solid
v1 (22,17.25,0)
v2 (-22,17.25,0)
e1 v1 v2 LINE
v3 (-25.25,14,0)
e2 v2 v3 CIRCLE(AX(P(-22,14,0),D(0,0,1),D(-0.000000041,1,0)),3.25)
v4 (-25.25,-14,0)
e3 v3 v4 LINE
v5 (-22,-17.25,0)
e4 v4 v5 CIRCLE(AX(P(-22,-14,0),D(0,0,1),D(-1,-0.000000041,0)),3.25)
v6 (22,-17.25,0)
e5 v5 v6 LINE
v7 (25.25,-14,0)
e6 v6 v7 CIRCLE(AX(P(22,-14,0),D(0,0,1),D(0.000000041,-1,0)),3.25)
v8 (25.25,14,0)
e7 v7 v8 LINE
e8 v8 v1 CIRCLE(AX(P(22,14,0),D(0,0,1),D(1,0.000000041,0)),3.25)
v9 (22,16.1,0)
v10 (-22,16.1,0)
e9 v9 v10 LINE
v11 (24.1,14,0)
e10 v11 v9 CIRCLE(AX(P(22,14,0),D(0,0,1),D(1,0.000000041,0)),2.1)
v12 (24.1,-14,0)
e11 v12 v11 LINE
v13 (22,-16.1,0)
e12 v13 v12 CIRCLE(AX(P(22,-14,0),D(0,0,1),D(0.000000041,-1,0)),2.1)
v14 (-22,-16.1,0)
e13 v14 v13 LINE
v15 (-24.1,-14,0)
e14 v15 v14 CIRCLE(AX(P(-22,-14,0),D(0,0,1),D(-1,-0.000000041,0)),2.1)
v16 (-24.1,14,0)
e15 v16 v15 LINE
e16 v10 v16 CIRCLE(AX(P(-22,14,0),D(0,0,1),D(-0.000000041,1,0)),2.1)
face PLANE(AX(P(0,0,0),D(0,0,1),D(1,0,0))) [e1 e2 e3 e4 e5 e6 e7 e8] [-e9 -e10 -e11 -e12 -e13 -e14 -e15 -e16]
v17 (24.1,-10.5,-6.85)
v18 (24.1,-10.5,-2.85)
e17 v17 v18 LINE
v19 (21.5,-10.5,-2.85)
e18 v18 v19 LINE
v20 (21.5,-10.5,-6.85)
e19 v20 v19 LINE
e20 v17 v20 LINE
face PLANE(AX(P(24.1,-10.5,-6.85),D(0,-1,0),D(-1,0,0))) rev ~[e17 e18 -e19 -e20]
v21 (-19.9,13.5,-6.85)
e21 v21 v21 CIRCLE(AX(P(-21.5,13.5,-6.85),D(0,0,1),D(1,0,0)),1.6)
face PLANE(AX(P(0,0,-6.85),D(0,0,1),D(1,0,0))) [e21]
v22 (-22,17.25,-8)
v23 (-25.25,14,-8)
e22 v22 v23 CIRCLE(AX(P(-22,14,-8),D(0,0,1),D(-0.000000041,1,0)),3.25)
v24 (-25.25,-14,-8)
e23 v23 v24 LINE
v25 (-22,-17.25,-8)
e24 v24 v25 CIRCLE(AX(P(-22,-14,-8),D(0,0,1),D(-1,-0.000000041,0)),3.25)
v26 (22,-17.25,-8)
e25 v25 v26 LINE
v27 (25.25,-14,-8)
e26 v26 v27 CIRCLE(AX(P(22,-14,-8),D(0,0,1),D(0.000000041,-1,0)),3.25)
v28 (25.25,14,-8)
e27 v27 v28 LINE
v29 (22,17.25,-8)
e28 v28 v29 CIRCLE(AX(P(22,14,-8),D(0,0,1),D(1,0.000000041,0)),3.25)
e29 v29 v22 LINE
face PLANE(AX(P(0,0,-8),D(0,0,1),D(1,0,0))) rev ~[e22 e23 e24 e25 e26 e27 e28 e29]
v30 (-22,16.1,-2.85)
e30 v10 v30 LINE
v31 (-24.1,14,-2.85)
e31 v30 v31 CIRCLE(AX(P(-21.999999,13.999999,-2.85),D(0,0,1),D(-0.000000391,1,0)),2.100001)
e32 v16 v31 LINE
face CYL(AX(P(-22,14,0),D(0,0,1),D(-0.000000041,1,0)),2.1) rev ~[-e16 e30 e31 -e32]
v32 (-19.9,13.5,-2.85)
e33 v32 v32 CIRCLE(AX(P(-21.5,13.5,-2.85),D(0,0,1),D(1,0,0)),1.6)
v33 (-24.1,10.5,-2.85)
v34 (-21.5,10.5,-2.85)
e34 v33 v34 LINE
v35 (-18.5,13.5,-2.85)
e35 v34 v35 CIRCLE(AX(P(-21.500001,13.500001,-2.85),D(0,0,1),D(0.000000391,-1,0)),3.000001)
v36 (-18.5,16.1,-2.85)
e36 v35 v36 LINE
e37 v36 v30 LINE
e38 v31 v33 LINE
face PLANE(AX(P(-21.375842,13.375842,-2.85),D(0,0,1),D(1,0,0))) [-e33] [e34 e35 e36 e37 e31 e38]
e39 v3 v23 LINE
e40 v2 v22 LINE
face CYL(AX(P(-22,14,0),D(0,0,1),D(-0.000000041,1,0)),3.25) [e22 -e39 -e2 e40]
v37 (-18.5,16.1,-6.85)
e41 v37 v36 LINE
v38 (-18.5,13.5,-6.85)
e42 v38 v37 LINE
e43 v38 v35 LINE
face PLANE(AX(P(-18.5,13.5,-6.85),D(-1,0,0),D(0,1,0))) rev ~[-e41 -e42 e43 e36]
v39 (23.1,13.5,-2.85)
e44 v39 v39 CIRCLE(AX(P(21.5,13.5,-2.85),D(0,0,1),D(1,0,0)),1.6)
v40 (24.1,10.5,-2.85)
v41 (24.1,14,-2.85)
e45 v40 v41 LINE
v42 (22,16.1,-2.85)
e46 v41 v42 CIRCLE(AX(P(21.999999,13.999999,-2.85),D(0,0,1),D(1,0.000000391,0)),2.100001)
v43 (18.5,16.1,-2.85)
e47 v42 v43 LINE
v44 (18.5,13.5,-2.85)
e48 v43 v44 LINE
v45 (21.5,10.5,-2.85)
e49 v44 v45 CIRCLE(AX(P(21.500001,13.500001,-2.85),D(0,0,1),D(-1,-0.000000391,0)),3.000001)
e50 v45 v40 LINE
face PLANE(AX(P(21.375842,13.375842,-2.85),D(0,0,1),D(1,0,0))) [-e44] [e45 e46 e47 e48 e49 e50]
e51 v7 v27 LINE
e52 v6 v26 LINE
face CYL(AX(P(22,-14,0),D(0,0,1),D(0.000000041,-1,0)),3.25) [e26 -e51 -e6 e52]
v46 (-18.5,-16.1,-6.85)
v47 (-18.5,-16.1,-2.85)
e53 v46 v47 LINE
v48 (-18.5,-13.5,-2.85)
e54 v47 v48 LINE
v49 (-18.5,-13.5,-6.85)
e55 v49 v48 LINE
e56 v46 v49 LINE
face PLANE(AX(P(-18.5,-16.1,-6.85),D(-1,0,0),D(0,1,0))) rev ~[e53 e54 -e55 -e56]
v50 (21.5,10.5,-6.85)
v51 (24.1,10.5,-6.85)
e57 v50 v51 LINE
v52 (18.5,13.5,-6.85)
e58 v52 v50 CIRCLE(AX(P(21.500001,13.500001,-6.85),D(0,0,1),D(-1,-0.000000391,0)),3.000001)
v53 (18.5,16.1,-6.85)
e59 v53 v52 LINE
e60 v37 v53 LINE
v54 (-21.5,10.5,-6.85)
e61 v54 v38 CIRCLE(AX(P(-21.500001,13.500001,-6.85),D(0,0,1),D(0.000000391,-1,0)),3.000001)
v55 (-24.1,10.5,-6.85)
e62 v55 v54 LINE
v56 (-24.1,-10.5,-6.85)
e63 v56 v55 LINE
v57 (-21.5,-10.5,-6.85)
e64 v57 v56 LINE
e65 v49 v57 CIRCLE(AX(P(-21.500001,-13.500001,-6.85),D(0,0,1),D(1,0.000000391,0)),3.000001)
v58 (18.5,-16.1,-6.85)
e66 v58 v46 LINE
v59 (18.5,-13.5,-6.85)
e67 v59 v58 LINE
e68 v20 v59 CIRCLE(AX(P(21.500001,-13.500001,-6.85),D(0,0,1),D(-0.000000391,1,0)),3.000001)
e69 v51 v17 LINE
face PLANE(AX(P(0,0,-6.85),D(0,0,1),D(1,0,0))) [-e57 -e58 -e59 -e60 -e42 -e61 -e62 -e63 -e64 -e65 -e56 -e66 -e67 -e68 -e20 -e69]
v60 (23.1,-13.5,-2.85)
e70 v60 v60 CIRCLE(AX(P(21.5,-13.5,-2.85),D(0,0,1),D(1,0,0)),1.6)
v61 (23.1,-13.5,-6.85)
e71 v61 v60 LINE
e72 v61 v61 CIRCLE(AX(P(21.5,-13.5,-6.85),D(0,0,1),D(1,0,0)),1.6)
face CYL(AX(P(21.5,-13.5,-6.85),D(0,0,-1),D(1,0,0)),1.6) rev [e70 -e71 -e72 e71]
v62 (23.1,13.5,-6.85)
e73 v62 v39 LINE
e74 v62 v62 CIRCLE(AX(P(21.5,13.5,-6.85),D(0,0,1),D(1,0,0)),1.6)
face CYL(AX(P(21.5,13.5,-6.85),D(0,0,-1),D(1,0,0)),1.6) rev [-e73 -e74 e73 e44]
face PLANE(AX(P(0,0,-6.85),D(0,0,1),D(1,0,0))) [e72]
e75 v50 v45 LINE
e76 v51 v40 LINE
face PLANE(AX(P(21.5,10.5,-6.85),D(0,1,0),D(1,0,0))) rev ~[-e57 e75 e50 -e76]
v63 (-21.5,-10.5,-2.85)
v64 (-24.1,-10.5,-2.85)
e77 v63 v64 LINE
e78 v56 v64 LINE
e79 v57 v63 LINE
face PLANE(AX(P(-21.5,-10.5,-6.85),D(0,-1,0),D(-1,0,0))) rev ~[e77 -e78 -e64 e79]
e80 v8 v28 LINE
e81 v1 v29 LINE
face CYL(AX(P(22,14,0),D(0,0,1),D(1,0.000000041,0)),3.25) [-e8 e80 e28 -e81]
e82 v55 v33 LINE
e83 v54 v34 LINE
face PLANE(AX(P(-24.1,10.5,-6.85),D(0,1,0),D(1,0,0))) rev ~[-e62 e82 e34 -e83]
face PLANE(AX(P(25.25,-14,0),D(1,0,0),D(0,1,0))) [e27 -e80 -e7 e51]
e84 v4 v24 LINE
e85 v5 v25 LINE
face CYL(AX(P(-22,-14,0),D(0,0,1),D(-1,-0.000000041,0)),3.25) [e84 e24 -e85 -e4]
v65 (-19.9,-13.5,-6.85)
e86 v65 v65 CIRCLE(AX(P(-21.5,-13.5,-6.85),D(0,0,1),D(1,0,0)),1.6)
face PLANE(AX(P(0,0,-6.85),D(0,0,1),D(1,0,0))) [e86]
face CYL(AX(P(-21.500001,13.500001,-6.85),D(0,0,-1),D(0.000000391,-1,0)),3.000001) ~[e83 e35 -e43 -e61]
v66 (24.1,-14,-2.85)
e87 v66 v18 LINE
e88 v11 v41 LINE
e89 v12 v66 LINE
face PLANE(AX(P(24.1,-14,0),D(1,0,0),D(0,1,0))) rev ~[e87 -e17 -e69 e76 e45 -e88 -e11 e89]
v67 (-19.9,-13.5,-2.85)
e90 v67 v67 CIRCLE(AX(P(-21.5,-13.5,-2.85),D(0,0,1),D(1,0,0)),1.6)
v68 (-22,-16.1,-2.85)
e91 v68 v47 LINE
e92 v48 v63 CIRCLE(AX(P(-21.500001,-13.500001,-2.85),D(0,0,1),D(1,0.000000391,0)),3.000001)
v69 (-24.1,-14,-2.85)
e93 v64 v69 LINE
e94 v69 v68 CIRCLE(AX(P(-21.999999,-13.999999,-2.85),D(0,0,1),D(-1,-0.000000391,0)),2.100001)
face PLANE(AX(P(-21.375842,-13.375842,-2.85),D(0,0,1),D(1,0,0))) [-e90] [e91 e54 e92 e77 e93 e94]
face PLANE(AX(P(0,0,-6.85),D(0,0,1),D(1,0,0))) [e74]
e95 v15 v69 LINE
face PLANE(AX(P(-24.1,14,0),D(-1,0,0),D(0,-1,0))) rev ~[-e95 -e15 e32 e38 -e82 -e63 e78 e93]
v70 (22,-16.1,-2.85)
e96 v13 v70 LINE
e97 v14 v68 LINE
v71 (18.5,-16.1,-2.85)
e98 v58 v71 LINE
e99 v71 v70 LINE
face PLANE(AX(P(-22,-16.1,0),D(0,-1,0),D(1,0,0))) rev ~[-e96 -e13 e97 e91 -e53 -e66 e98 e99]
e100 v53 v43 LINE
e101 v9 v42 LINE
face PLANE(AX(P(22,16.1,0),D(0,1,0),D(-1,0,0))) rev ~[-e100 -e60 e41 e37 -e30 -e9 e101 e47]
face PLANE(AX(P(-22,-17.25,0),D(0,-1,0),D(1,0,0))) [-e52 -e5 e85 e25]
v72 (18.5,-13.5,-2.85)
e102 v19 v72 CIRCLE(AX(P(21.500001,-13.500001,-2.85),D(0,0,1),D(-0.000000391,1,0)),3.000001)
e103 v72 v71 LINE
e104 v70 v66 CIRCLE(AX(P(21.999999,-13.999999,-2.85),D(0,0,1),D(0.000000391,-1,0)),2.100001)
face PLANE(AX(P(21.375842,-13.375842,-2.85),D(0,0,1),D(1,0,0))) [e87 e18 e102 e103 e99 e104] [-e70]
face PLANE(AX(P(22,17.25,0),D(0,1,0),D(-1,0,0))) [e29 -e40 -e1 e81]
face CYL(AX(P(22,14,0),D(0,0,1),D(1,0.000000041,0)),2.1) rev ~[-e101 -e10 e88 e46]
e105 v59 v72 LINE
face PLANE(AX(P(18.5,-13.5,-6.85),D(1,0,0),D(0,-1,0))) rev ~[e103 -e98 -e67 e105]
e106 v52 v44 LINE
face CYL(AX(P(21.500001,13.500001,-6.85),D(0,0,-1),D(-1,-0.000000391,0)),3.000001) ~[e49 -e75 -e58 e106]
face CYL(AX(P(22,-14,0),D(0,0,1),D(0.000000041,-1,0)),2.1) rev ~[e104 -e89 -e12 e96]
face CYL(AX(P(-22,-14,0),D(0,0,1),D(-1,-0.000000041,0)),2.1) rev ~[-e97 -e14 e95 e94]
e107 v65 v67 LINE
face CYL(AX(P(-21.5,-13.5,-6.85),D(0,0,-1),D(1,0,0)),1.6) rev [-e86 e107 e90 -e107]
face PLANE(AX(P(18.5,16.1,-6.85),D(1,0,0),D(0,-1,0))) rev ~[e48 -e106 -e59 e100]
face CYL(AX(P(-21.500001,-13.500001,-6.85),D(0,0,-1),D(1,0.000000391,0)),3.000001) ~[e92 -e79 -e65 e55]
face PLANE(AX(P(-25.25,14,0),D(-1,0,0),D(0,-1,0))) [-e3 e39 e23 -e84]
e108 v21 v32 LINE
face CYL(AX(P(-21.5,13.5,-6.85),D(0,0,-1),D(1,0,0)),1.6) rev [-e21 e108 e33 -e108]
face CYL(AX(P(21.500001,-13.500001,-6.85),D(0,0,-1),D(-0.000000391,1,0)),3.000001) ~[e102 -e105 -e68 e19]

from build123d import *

# Parameters (mm, degrees)
PAD_DEPTH    = 8
THICKNESS_T  = -1.15
SKETCH002_R  = 1.6
PAD008_DEPTH = 4


with BuildPart() as part:
    # Sketch001 → Pad (new body)
    with BuildSketch(Plane.XY):
        with BuildLine():
            Line((-25.25, 14), (-25.25, -14))
            ThreePointArc((-25.25, -14), (-24.298097, -16.298097), (-22, -17.25))
            Line((-22, -17.25), (22, -17.25))
            ThreePointArc((22, -17.25), (24.298097, -16.298097), (25.25, -14))
            Line((25.25, -14), (25.25, 14))
            ThreePointArc((25.25, 14), (24.298097, 16.298097), (22, 17.25))
            Line((22, 17.25), (-22, 17.25))
            ThreePointArc((-22, 17.25), (-24.298097, 16.298097), (-25.25, 14))
        make_face()
    extrude(amount=-PAD_DEPTH)

    # Thickness
    thickness_openings = [part.faces().sort_by_distance(p)[0] for p in [
        (0, 0, 0),
    ]]
    offset(amount=THICKNESS_T, openings=thickness_openings)

    # Sketch002 (on Face19 of Thickness) → Pad008 (join)
    with BuildSketch(Plane.XY.offset(-6.85)):
        with BuildLine():
            Line((-24.1, 14), (-24.1, 10.5))
            Line((-24.1, 10.5), (-21.5, 10.5))
            ThreePointArc((-21.5, 10.5), (-19.37868, 11.37868), (-18.5, 13.5))
            Line((-18.5, 13.5), (-18.5, 16.1))
            Line((-18.5, 16.1), (-22, 16.1))
            ThreePointArc((-22, 16.1), (-23.484924, 15.484924), (-24.1, 14))
        make_face()
        with Locations((-21.5, 13.5)):
            Circle(SKETCH002_R, mode=Mode.SUBTRACT)
        with BuildLine():
            Line((18.5, 16.1), (18.5, 13.5))
            ThreePointArc((18.5, 13.5), (19.37868, 11.37868), (21.5, 10.5))
            Line((21.5, 10.5), (24.1, 10.5))
            Line((24.1, 10.5), (24.1, 14))
            ThreePointArc((24.1, 14), (23.484924, 15.484924), (22, 16.1))
            Line((22, 16.1), (18.5, 16.1))
        make_face()
        with Locations((21.5, 13.5)):
            Circle(SKETCH002_R, mode=Mode.SUBTRACT)
        with BuildLine():
            Line((-21.5, -10.5), (-24.1, -10.5))
            Line((-24.1, -10.5), (-24.1, -14))
            ThreePointArc((-24.1, -14), (-23.484924, -15.484924), (-22, -16.1))
            Line((-22, -16.1), (-18.5, -16.1))
            Line((-18.5, -16.1), (-18.5, -13.5))
            ThreePointArc((-18.5, -13.5), (-19.37868, -11.37868), (-21.5, -10.5))
        make_face()
        with Locations((-21.5, -13.5)):
            Circle(SKETCH002_R, mode=Mode.SUBTRACT)
        with BuildLine():
            Line((18.5, -13.5), (18.5, -16.1))
            Line((18.5, -16.1), (22, -16.1))
            ThreePointArc((22, -16.1), (23.484924, -15.484924), (24.1, -14))
            Line((24.1, -14), (24.1, -10.5))
            Line((24.1, -10.5), (21.5, -10.5))
            ThreePointArc((21.5, -10.5), (19.37868, -11.37868), (18.5, -13.5))
        make_face()
        with Locations((21.5, -13.5)):
            Circle(SKETCH002_R, mode=Mode.SUBTRACT)
    extrude(amount=PAD008_DEPTH)


solid = part.part
